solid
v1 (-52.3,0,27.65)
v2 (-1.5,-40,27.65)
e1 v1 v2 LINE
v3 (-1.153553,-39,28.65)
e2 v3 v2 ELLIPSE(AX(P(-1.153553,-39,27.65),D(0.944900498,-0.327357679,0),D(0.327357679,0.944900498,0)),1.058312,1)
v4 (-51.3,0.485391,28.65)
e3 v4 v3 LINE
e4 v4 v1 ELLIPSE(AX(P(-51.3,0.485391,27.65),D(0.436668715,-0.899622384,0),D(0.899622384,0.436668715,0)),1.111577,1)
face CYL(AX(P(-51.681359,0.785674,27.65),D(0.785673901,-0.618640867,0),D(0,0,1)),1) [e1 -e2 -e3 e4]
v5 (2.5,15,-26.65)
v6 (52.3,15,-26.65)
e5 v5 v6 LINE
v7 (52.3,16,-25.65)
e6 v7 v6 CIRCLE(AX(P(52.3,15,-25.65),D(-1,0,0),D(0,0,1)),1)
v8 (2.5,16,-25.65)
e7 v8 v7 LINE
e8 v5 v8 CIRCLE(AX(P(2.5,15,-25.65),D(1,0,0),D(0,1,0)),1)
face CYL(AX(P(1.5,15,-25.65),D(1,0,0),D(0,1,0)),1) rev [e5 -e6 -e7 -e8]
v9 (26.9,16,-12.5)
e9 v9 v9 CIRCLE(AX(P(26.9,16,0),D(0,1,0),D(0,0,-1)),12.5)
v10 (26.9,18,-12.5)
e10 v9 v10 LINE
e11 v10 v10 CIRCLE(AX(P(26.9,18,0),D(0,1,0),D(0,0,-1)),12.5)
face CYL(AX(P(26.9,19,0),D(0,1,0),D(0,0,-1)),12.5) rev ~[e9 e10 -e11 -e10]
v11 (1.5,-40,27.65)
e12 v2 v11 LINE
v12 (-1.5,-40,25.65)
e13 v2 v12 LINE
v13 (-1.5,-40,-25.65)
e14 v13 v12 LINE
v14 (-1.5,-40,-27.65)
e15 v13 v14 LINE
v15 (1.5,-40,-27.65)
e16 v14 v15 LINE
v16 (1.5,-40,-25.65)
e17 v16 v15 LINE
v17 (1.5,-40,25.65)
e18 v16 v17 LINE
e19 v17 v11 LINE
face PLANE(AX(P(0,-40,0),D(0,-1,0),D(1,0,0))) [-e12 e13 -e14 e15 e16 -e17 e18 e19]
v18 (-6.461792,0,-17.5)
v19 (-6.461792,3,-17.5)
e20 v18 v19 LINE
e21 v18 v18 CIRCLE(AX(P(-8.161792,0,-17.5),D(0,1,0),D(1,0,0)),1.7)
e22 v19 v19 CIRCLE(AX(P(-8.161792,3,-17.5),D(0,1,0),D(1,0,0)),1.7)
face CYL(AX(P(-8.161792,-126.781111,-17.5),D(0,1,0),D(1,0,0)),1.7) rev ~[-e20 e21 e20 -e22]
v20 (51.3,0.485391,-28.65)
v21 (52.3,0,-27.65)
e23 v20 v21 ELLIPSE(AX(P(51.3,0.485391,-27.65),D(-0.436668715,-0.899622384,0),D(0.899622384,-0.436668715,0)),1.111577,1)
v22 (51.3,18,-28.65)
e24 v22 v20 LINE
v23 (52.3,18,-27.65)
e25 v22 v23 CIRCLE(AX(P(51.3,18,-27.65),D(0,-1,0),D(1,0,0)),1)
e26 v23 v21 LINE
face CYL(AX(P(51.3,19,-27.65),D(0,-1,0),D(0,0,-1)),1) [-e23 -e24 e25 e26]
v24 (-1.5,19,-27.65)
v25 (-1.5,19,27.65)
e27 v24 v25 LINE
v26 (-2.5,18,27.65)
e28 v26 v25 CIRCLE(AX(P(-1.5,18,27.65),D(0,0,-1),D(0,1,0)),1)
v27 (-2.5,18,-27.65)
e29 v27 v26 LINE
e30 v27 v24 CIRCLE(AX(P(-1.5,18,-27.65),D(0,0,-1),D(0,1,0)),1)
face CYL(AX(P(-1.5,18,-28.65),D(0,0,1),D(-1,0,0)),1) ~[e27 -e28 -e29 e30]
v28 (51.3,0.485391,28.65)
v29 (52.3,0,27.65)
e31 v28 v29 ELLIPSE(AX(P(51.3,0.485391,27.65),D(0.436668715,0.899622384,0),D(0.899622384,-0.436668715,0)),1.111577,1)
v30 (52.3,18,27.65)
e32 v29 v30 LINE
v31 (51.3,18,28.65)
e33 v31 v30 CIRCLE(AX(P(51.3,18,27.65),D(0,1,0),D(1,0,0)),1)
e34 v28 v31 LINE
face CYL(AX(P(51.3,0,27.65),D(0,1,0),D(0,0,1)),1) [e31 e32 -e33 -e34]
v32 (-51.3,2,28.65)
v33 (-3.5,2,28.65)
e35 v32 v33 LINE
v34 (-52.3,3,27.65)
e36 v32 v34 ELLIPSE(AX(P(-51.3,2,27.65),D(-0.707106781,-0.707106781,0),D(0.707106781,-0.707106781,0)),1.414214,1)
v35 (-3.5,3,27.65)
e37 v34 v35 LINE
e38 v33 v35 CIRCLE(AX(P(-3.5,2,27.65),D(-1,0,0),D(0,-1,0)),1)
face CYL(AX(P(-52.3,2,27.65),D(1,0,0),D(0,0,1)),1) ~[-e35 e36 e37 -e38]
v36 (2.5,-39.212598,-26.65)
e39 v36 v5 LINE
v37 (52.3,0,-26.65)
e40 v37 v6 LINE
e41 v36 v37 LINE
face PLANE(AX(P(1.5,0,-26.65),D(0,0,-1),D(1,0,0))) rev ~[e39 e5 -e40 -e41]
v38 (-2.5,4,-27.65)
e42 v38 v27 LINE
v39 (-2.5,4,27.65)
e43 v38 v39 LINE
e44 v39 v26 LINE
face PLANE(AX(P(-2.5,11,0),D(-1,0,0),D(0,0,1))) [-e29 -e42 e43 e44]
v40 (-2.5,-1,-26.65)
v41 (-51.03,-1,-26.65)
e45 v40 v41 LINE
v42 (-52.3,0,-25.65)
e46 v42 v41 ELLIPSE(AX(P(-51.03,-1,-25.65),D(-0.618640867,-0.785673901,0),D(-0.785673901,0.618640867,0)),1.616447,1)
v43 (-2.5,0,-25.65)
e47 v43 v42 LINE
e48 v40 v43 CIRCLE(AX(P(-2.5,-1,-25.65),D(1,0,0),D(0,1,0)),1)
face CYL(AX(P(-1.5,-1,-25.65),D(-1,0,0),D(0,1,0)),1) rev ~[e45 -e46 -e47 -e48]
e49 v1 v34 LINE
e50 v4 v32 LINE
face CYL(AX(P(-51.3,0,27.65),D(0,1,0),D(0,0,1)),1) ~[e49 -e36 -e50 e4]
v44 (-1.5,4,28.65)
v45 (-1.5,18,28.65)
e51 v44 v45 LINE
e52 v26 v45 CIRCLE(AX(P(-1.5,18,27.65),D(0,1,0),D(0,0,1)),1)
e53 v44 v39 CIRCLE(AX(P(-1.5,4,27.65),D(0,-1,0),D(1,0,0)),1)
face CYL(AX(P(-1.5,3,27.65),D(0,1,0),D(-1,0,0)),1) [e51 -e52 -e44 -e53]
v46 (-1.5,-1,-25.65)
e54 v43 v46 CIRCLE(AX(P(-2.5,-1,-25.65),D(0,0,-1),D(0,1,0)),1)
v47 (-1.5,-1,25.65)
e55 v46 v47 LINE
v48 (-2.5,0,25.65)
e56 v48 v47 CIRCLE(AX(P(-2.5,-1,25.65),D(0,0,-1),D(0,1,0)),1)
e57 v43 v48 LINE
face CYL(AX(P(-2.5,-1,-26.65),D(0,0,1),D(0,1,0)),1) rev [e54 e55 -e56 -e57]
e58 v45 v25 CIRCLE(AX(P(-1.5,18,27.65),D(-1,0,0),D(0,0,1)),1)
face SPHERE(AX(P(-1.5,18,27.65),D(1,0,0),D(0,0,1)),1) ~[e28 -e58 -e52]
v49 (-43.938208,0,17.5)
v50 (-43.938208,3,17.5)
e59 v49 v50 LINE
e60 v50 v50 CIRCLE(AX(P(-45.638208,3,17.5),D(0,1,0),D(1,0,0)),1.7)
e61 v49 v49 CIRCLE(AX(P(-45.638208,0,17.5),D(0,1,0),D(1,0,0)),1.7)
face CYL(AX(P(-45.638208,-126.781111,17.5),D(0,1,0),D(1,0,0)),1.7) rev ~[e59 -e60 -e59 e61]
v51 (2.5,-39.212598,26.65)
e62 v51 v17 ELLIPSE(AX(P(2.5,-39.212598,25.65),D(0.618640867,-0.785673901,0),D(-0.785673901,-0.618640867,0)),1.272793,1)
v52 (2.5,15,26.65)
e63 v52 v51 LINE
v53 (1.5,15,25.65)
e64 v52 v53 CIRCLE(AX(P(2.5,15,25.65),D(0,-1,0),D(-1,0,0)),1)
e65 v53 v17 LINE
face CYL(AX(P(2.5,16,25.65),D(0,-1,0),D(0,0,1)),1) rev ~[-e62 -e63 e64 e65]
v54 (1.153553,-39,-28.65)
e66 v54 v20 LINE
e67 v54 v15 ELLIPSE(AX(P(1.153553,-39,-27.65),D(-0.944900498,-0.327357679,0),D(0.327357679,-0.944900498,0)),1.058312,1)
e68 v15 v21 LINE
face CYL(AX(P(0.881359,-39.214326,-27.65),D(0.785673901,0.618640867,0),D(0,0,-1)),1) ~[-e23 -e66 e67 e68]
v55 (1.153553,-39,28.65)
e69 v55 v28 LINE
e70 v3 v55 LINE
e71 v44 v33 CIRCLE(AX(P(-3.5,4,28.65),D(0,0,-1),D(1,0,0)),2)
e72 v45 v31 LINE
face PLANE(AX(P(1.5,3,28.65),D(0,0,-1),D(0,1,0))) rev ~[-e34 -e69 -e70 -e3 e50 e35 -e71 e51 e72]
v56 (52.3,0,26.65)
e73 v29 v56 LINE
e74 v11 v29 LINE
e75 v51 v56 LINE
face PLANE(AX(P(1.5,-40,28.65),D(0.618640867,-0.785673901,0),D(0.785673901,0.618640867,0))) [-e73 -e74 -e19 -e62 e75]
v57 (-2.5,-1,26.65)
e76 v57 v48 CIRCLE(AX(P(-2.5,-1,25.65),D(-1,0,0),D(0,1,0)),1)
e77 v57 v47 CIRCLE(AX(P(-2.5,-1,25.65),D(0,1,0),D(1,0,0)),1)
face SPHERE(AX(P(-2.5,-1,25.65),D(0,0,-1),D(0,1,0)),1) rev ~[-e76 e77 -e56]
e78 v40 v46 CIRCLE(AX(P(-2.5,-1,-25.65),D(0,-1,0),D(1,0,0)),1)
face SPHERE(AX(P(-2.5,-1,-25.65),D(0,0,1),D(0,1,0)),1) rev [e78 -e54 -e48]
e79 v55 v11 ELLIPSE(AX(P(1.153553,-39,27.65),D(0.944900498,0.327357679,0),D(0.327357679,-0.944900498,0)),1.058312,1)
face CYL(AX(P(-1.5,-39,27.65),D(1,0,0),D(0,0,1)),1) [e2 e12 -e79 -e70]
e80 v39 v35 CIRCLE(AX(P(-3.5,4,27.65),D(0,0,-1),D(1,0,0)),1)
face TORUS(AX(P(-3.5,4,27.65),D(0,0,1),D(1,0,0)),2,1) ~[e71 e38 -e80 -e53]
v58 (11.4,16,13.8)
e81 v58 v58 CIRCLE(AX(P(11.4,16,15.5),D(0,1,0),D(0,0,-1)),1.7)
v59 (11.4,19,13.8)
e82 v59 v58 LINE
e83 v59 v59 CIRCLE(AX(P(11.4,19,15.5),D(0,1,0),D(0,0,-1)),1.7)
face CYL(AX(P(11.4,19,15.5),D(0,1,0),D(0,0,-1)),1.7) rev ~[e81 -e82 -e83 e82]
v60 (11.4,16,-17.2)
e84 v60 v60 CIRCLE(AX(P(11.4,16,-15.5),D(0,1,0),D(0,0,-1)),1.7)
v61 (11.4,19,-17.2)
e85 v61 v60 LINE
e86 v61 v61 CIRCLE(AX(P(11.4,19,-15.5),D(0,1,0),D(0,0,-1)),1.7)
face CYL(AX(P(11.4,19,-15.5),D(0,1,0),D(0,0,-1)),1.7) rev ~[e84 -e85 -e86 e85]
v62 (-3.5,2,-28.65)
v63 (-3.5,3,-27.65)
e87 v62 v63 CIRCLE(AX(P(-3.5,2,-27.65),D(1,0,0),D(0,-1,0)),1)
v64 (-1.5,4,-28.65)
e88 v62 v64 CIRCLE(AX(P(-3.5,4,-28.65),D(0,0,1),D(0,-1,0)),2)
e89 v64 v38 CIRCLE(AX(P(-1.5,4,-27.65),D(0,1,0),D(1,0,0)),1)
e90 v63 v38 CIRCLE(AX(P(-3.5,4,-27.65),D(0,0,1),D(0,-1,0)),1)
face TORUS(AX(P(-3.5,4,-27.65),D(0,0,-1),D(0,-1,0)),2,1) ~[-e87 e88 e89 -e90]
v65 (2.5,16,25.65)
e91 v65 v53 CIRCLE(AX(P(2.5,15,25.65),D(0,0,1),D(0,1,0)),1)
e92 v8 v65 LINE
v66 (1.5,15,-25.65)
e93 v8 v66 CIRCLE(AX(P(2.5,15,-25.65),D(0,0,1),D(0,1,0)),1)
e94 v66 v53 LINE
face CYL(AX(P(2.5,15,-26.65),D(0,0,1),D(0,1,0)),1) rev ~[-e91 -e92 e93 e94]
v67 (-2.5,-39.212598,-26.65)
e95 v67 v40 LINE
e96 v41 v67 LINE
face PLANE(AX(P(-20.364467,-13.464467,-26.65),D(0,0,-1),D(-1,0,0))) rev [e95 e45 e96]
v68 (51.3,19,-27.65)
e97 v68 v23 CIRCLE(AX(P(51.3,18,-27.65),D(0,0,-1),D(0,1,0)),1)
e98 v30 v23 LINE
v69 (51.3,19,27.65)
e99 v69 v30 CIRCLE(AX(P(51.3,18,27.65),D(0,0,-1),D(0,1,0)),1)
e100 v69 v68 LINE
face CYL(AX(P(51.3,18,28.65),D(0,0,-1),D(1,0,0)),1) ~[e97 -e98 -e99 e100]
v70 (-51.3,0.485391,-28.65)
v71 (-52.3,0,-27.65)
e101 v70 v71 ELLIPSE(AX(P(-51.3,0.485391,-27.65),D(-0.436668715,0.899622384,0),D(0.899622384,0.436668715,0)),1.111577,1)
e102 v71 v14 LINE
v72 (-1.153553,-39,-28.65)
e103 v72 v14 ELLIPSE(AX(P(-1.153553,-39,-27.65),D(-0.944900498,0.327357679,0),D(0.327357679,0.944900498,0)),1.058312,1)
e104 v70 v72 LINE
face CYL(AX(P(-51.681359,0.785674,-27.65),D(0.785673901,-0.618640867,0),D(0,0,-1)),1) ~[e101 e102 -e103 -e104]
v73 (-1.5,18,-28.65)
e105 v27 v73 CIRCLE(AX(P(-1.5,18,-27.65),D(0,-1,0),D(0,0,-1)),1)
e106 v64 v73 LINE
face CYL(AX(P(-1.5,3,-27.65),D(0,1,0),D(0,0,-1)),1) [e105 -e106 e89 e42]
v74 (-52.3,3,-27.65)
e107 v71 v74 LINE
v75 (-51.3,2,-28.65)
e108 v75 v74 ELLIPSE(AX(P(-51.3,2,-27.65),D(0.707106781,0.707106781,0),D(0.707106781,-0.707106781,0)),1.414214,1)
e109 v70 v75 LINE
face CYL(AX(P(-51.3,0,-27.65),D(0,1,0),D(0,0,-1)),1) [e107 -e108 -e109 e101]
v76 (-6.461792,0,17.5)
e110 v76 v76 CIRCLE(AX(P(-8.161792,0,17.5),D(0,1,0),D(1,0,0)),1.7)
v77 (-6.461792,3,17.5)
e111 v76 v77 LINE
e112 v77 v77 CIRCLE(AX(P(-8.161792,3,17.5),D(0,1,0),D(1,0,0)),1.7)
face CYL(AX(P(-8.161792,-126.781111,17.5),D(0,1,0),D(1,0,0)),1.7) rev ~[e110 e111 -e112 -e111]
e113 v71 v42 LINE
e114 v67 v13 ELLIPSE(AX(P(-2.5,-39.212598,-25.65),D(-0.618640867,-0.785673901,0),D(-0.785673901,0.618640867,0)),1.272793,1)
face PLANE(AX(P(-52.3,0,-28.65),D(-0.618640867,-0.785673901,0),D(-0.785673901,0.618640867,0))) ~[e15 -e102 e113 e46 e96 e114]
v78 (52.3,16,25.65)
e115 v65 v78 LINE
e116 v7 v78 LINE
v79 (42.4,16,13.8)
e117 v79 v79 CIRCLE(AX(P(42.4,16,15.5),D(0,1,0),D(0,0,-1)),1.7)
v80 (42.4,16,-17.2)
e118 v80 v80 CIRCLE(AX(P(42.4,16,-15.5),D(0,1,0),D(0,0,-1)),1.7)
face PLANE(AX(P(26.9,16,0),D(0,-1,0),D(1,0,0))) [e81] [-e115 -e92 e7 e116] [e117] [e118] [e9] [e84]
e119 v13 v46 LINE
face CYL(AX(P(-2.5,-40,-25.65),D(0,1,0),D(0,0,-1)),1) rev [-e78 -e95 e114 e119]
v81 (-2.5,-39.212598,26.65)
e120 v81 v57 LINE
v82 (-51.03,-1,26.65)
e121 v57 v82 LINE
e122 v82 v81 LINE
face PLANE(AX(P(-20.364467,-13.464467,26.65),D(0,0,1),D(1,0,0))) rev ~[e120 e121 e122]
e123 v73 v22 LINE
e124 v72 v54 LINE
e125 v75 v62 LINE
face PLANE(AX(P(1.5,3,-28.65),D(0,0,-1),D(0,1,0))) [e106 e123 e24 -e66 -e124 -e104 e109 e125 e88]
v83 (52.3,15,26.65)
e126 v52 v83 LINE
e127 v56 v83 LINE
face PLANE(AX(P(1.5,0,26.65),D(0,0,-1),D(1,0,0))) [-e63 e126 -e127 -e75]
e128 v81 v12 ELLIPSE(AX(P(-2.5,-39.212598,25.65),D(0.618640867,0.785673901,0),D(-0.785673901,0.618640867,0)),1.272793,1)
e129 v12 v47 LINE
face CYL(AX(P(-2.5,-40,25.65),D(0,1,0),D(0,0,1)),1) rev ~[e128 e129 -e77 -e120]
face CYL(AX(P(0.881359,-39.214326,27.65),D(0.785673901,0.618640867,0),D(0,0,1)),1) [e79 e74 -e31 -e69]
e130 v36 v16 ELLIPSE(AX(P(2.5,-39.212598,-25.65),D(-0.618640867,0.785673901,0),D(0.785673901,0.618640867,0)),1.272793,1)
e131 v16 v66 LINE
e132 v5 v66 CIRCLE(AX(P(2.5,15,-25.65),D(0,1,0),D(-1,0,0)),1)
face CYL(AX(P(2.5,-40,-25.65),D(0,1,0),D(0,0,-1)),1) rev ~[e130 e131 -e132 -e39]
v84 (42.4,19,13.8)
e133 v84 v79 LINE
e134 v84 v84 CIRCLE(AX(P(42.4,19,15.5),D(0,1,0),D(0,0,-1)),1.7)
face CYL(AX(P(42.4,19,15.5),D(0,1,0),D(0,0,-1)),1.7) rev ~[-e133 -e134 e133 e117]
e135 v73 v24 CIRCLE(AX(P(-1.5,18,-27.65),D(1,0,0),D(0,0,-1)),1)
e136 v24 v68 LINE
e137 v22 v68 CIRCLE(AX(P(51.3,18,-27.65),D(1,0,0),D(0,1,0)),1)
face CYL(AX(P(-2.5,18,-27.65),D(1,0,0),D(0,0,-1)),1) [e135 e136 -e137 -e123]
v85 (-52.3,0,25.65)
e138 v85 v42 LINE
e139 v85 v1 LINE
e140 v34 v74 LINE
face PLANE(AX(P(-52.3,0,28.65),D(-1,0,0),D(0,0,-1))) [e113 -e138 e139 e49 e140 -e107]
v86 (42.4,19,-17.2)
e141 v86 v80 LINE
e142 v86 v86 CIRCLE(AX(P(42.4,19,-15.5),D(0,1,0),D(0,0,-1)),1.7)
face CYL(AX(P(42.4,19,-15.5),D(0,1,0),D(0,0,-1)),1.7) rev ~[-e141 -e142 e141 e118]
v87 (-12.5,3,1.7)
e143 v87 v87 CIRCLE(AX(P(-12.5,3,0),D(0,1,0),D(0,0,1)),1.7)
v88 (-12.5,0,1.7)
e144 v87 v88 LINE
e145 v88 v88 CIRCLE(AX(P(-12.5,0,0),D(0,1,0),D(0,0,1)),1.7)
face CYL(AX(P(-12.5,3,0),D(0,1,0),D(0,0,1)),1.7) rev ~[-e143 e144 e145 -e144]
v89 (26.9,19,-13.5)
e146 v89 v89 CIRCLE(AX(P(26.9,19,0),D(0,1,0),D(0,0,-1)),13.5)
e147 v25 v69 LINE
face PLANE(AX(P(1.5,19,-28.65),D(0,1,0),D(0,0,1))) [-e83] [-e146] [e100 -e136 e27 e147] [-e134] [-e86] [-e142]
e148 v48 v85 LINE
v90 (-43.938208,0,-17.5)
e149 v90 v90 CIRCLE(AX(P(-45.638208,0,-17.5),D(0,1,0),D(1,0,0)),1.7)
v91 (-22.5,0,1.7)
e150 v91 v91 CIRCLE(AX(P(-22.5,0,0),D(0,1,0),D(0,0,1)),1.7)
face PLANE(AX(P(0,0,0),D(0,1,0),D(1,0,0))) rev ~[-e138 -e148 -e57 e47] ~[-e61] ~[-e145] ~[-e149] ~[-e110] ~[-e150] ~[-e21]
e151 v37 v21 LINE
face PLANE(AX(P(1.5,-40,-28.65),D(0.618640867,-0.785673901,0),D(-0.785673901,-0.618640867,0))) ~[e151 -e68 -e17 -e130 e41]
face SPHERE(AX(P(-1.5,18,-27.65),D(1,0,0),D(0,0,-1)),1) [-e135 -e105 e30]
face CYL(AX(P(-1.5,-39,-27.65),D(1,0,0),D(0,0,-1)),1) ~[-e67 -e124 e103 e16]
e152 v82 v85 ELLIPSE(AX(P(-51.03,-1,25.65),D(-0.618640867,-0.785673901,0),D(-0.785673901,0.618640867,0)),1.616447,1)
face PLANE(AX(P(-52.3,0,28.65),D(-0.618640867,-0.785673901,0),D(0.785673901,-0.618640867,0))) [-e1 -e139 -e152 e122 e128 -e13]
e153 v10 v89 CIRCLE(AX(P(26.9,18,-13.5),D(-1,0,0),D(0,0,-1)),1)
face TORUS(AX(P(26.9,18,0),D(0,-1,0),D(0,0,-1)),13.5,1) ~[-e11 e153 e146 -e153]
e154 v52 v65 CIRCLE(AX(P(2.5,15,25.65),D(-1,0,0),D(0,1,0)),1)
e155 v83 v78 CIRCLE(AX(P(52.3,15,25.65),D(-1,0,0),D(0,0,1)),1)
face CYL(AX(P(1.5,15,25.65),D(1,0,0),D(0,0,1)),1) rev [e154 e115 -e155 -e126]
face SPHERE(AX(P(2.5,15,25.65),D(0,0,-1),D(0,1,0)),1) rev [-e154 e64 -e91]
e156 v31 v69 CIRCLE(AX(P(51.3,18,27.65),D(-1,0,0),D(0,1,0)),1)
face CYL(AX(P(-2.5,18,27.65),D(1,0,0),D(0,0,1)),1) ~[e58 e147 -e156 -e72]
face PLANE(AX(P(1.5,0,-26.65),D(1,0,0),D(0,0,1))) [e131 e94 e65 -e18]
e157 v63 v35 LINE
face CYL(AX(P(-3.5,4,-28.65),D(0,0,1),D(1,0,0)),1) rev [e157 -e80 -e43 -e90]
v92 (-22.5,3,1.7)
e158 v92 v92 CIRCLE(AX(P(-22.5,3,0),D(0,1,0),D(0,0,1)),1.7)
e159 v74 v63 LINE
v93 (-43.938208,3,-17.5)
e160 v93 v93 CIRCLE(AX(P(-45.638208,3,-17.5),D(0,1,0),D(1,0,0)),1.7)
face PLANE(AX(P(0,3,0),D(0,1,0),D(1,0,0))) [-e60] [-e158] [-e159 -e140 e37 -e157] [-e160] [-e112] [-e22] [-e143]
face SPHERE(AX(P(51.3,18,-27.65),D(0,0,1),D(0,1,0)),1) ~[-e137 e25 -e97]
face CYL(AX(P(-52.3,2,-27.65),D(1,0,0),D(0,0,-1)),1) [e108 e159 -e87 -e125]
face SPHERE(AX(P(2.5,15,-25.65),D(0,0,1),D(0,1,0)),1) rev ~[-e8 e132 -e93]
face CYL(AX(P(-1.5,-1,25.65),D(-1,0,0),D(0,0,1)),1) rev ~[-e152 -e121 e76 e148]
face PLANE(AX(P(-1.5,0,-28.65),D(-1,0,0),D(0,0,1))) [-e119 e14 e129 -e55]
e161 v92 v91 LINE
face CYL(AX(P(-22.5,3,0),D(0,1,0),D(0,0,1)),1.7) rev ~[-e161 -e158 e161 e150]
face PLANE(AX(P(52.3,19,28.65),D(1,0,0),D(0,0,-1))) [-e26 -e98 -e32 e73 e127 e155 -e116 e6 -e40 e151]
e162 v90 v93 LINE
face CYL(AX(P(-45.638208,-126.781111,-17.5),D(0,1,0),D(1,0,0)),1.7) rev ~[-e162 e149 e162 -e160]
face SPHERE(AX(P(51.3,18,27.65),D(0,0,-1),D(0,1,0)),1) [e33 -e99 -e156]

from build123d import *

# Parameters (mm, degrees)
SKETCH1_W            = 104.6
SKETCH1_H            = 57.3
BOSS_EXTRUDE1_DEPTH  = 3
SKETCH3_W            = 3
SKETCH3_H            = 57.3
BOSS_EXTRUDE3_DEPTH  = 40
M3_CLEARANCE_HOLE1_D = 3.4
BOSS_EXTRUDE4_DEPTH  = 2
SKETCH11_R           = 12.5
CUT_EXTRUDE1_DEPTH   = 72.806075648
M3_CLEARANCE_HOLE3_D = 3.4
SKETCH14_R           = 1.7
CUT_EXTRUDE2_DEPTH   = 74.51947021
BOSS_EXTRUDE5_START  = 16
SKETCH16_W           = 50.8
SKETCH16_H           = 57.3
SKETCH16_R           = 12.5
SKETCH16_R_2         = 1.7
BOSS_EXTRUDE5_DEPTH  = 16
SKETCH17_W           = 50.8
SKETCH17_H           = 53.3
CUT_EXTRUDE3_DEPTH   = 16
SKETCH18_W           = 57.3
SKETCH18_H           = 16
BOSS_EXTRUDE6_DEPTH  = 4
FILLET1_R            = 1


with BuildPart() as part:
    # Sketch1 → Boss-Extrude1 (new body)
    with BuildSketch(Plane(origin=(0, 0, 0), x_dir=(1, 0, 0), z_dir=(0, 1, 0))):
        Rectangle(SKETCH1_W, SKETCH1_H)
    extrude(amount=BOSS_EXTRUDE1_DEPTH)

    # Sketch3 → Boss-Extrude3 (add)
    with BuildSketch(Plane.XZ):
        Rectangle(SKETCH3_W, SKETCH3_H)
    extrude(amount=BOSS_EXTRUDE3_DEPTH)

    # M3 Clearance Hole1 (through all)
    with Locations(Plane(origin=(0, 0, 0), x_dir=(-1, 0, 0), z_dir=(0, -1, 0))):
        with Locations((-11.4, -15.5), (-42.4, 15.5), (-42.4, -15.5), (-11.4, 15.5)):
            Hole(M3_CLEARANCE_HOLE1_D / 2)

    # Sketch10 → Boss-Extrude4 (add)
    with BuildSketch(Plane.XY.offset(28.65)):
        Polygon((-52.3, 0), (-1.5, -40), (-1.5, 0), align=None)
        Polygon((1.5, -40), (52.3, 0), (1.5, 0), align=None)
    boss_extrude4 = extrude(amount=-BOSS_EXTRUDE4_DEPTH)

    # Mirror1: Boss-Extrude4 across plane
    add(boss_extrude4.mirror(Plane(origin=(0, 0, 0), x_dir=(1, 0, 0), z_dir=(0, 0, -1))))

    # Sketch11 → Cut-Extrude1 (cut, through all)
    with BuildSketch(Plane.XZ):
        with Locations(Location((26.9, 0, 0), (0, 0, 270))):
            Circle(SKETCH11_R)
    extrude(amount=-CUT_EXTRUDE1_DEPTH, mode=Mode.SUBTRACT)

    # M3 Clearance Hole3 (through all)
    with Locations(Plane(origin=(0, 0, 0), x_dir=(-1, 0, 0), z_dir=(0, -1, 0))):
        with Locations((45.638207547, -17.5), (8.161792453, 17.5), (8.161792453, -17.5), (45.638207547, 17.5)):
            Hole(M3_CLEARANCE_HOLE3_D / 2)

    # Sketch14 → Cut-Extrude2 (cut, through all)
    with BuildSketch(Plane(origin=(0, 3, 0), x_dir=(1, 0, 0), z_dir=(0, 1, 0))):
        with Locations(Location((-12.5, -4e-09, 0), (0, 0, 270))):
            Circle(SKETCH14_R)
        with Locations(Location((-22.5, -4e-09, 0), (0, 0, 270))):
            Circle(SKETCH14_R)
    extrude(amount=-CUT_EXTRUDE2_DEPTH, mode=Mode.SUBTRACT)

    # Sketch16 → Boss-Extrude5 (add)
    with BuildSketch(Plane(origin=(0, 3, 0), x_dir=(1, 0, 0), z_dir=(0, 1, 0)).offset(BOSS_EXTRUDE5_START)):
        with Locations((26.9, 0)):
            Rectangle(SKETCH16_W, SKETCH16_H)
        with Locations(Location((26.9, 0, 0), (0, 0, 90))):
            Circle(SKETCH16_R, mode=Mode.SUBTRACT)
        with Locations(Location((42.4, 15.5, 0), (0, 0, 90))):
            Circle(SKETCH16_R_2, mode=Mode.SUBTRACT)
        with Locations(Location((42.4, -15.5, 0), (0, 0, 90))):
            Circle(SKETCH16_R_2, mode=Mode.SUBTRACT)
        with Locations(Location((11.4, -15.5, 0), (0, 0, 90))):
            Circle(SKETCH16_R_2, mode=Mode.SUBTRACT)
        with Locations(Location((11.4, 15.5, 0), (0, 0, 90))):
            Circle(SKETCH16_R_2, mode=Mode.SUBTRACT)
    extrude(amount=-BOSS_EXTRUDE5_DEPTH)

    # Sketch17 → Cut-Extrude3 (cut)
    with BuildSketch(Plane.XZ):
        with Locations((26.9, 0)):
            Rectangle(SKETCH17_W, SKETCH17_H)
    extrude(amount=-CUT_EXTRUDE3_DEPTH, mode=Mode.SUBTRACT)

    # Sketch18 → Boss-Extrude6 (add)
    with BuildSketch(Plane.ZY.offset(-1.5)):
        with Locations((0, 11)):
            Rectangle(SKETCH18_W, SKETCH18_H)
    extrude(amount=BOSS_EXTRUDE6_DEPTH)

    # Fillet1
    fillet1_edges = [part.edges().sort_by_distance(p)[0] for p in [
        (52.3, 19, 0),
        (24.9, 19, -28.65),
        (24.9, 19, 28.65),
        (26.9, 19, 12.5),
        (1.5, 16, 0),
        (26.9, 16, 26.65),
        (26.9, 16, -26.65),
        (-27.4, 3, 28.65),
        (0, -40, -28.65),
        (-27.4, 3, -28.65),
        (-2.5, 11, -28.65),
        (-2.5, 3, 0),
        (-2.5, 11, 28.65),
        (-2.5, 19, 0),
        (0, -40, 28.65),
        (-1.5, 0, 0),
        (-26.9, 0, 26.65),
        (-1.5, -20, 26.65),
        (-26.9, -20, 28.65),
        (1.5, -12, 26.65),
        (26.9, -20, 28.65),
        (-26.9, -20, -28.65),
        (-26.9, 0, -26.65),
        (-1.5, -20, -26.65),
        (52.3, 9.5, 28.65),
        (-52.3, 1.5, 28.65),
        (26.9, -20, -28.65),
        (-52.3, 1.5, -28.65),
        (1.5, -12, -26.65),
        (52.3, 9.5, -28.65),
    ]]
    fillet(fillet1_edges, radius=FILLET1_R)


solid = part.part
